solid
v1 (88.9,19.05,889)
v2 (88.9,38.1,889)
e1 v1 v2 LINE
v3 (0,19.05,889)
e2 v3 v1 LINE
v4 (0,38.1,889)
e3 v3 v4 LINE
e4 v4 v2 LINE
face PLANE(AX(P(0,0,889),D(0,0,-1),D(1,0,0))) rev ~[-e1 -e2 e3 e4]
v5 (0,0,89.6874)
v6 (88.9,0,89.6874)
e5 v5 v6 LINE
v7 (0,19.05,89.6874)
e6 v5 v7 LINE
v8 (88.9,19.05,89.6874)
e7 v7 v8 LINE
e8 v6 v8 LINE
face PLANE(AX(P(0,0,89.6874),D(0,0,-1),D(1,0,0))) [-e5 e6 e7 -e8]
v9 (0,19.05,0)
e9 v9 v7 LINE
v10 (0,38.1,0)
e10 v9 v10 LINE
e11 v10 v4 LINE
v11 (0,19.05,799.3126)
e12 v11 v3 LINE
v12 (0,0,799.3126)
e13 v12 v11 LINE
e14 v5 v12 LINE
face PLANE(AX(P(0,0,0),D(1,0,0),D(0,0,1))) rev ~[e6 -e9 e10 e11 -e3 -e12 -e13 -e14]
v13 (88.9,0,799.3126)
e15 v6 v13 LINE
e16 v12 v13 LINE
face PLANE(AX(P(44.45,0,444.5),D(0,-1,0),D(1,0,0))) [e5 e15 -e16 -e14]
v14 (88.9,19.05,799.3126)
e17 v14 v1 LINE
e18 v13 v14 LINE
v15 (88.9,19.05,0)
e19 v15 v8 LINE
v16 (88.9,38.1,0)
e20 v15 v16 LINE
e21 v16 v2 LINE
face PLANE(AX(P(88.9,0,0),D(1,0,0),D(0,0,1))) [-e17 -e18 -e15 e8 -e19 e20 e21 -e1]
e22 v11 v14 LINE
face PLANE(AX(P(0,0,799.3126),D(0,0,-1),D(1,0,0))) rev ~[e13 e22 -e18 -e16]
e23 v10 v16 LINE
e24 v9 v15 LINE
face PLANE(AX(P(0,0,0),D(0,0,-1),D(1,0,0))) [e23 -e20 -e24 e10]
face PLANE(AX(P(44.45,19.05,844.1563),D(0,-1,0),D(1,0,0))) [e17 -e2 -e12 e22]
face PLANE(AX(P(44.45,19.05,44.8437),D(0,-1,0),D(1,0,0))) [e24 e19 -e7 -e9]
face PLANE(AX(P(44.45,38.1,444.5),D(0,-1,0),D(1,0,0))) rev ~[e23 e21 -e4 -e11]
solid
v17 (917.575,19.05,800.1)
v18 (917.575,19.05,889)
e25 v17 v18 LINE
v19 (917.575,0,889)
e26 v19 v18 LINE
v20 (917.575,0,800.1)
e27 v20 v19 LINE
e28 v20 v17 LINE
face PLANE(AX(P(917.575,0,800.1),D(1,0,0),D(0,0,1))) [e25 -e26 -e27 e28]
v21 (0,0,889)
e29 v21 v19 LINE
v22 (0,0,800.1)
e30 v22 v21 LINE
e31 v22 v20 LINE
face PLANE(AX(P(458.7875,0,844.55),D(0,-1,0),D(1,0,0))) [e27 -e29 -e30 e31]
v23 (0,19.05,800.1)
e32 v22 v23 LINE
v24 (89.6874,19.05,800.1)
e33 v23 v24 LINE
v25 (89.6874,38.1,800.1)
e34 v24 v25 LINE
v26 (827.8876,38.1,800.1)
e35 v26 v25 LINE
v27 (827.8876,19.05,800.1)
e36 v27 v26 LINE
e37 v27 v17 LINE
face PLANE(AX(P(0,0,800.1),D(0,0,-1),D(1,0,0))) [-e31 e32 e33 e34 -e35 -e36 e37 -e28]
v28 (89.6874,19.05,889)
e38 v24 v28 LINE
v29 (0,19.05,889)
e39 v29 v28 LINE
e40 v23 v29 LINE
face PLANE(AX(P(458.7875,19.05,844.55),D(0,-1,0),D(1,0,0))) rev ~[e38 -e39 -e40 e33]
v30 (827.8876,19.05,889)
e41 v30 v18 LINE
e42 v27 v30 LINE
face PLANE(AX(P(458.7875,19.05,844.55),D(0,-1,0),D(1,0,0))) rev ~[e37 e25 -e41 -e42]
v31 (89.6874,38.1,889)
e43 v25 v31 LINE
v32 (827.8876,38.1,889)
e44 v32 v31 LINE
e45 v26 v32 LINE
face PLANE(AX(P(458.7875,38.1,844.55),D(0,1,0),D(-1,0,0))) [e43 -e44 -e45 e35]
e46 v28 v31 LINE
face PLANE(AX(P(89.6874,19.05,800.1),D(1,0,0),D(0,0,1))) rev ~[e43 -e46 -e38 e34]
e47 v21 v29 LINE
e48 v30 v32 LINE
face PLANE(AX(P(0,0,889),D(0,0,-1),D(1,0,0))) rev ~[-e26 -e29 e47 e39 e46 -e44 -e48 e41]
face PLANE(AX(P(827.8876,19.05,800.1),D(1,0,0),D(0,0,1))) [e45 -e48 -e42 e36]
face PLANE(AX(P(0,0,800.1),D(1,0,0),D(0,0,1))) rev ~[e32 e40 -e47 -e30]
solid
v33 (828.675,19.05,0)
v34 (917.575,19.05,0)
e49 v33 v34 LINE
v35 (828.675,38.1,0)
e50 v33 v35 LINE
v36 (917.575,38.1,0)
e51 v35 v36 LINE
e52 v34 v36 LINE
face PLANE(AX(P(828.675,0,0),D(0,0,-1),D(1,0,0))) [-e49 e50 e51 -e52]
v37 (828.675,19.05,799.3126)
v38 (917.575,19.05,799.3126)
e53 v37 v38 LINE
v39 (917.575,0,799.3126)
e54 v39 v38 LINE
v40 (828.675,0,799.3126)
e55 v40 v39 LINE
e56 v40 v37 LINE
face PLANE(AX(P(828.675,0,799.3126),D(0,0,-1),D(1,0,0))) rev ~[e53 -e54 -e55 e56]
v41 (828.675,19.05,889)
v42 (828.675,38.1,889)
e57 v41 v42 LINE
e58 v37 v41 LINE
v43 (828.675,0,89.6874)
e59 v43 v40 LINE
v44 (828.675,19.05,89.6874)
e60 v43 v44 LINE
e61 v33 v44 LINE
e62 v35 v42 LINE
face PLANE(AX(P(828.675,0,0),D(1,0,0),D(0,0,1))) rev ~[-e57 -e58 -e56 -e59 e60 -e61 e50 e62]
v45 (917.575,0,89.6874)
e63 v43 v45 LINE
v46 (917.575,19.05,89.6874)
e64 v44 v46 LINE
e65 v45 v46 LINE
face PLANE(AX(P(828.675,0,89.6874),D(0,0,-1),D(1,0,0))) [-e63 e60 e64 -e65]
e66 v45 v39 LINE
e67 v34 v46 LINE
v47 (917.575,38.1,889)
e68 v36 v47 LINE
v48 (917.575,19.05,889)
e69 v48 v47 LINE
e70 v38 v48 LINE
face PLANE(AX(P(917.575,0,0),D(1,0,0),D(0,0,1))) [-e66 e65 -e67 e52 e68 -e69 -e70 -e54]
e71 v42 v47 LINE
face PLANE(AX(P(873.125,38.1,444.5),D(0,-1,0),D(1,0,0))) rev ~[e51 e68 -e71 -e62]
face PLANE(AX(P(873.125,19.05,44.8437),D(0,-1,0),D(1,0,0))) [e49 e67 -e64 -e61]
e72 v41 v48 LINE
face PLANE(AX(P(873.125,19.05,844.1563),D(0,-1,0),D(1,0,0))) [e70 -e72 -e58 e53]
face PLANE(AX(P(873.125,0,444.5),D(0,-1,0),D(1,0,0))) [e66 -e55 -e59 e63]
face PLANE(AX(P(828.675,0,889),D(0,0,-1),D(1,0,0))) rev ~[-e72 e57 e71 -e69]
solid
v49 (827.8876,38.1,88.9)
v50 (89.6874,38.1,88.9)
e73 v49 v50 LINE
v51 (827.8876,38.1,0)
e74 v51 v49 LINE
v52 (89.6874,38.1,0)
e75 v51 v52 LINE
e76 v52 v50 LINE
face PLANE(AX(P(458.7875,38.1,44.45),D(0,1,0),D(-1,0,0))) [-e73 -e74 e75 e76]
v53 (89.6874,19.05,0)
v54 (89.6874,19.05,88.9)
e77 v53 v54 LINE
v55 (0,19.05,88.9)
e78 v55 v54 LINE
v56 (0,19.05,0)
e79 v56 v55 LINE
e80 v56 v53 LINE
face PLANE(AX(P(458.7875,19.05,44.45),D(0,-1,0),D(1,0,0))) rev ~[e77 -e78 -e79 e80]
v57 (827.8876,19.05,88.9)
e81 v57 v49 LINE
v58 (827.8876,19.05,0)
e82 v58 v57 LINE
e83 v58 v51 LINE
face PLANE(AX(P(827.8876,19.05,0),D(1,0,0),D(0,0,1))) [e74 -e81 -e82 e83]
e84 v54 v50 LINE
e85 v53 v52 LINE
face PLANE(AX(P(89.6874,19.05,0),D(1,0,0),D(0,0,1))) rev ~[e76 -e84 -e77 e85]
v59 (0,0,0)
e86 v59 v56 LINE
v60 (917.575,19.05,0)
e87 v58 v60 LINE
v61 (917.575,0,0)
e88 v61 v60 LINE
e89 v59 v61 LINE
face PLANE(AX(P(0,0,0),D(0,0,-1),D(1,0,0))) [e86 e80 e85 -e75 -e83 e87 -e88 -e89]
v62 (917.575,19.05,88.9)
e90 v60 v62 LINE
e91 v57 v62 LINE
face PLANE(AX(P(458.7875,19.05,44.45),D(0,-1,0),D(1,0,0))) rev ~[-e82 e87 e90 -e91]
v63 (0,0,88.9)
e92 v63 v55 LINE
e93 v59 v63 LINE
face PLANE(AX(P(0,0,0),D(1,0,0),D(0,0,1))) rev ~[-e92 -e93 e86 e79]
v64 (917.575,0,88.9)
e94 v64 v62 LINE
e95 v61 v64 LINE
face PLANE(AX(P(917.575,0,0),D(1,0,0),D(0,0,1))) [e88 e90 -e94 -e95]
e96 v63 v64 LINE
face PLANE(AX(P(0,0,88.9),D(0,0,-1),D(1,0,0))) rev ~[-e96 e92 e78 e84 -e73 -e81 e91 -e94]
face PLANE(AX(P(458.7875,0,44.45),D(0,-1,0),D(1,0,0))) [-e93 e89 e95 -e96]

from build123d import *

# Parameters (mm, degrees)
F0_W      = 88.9
F0_H      = 889
F1_DEPTH  = 38.1
F2_W      = 88.9
F2_H      = 89.6874
F3_DEPTH  = 19.05
F4_W      = 88.9
F4_H      = 89.6874
F5_DEPTH  = 19.05
F6_W      = 88.9
F6_H      = 889
F7_DEPTH  = 38.1
F8_W      = 88.9
F8_H      = 89.6874
F9_DEPTH  = 19.05
F10_W     = 917.575
F10_H     = 88.9
F11_DEPTH = 19.05
F12_W     = 738.2002
F12_H     = 88.9
F13_DEPTH = 19.05
F14_W     = 917.575
F14_H     = 88.9
F15_DEPTH = 19.05
F16_W     = 738.2002
F16_H     = 88.9
F17_DEPTH = 19.05


with BuildPart() as f1:
    # F0 (on Front) → F1 (new body)
    with BuildSketch(Plane.XZ):
        with Locations((44.45, 444.5)):
            Rectangle(F0_W, F0_H)
    extrude(amount=-F1_DEPTH)

    # F2 (on face) → F3 (cut)
    with BuildSketch(Plane.XZ):
        with Locations((44.45, 844.1563)):
            Rectangle(F2_W, F2_H)
    extrude(amount=-F3_DEPTH, mode=Mode.SUBTRACT)

    # F4 (on face) → F5 (cut)
    with BuildSketch(Plane.XZ):
        with Locations((44.45, 44.8437)):
            Rectangle(F4_W, F4_H)
    extrude(amount=-F5_DEPTH, mode=Mode.SUBTRACT)


with BuildPart() as f7:
    # F6 (on Front) → F7 (new body)
    with BuildSketch(Plane.XZ):
        with Locations((873.125, 444.5)):
            Rectangle(F6_W, F6_H)
    extrude(amount=-F7_DEPTH)

    # F8 (on face) → F9 (cut)
    with BuildSketch(Plane.XZ):
        with Locations((873.125, 844.1563)):
            Rectangle(F8_W, F8_H)
        with Locations((873.125, 44.8437)):
            Rectangle(F8_W, F8_H)
    extrude(amount=-F9_DEPTH, mode=Mode.SUBTRACT)


with BuildPart() as f11:
    # F10 (on Front) → F11 (new body)
    with BuildSketch(Plane.XZ):
        with Locations((458.7875, 844.55)):
            Rectangle(F10_W, F10_H)
    extrude(amount=-F11_DEPTH)

    # F12 (on face) → F13 (join)
    with BuildSketch(Plane(origin=(0, 19.05, 0), x_dir=(-1, 0, 0), z_dir=(0, 1, 0))):
        with Locations((-458.7875, 844.55)):
            Rectangle(F12_W, F12_H)
    extrude(amount=F13_DEPTH)


with BuildPart() as f15:
    # F14 (on Front) → F15 (new body)
    with BuildSketch(Plane.XZ):
        with Locations((458.7875, 44.45)):
            Rectangle(F14_W, F14_H)
    extrude(amount=-F15_DEPTH)

    # F16 (on face) → F17 (join)
    with BuildSketch(Plane(origin=(0, 19.05, 0), x_dir=(-1, 0, 0), z_dir=(0, 1, 0))):
        with Locations((-458.7875, 44.45)):
            Rectangle(F16_W, F16_H)
    extrude(amount=F17_DEPTH)


solid = Compound([f1.part, f7.part, f11.part, f15.part])
